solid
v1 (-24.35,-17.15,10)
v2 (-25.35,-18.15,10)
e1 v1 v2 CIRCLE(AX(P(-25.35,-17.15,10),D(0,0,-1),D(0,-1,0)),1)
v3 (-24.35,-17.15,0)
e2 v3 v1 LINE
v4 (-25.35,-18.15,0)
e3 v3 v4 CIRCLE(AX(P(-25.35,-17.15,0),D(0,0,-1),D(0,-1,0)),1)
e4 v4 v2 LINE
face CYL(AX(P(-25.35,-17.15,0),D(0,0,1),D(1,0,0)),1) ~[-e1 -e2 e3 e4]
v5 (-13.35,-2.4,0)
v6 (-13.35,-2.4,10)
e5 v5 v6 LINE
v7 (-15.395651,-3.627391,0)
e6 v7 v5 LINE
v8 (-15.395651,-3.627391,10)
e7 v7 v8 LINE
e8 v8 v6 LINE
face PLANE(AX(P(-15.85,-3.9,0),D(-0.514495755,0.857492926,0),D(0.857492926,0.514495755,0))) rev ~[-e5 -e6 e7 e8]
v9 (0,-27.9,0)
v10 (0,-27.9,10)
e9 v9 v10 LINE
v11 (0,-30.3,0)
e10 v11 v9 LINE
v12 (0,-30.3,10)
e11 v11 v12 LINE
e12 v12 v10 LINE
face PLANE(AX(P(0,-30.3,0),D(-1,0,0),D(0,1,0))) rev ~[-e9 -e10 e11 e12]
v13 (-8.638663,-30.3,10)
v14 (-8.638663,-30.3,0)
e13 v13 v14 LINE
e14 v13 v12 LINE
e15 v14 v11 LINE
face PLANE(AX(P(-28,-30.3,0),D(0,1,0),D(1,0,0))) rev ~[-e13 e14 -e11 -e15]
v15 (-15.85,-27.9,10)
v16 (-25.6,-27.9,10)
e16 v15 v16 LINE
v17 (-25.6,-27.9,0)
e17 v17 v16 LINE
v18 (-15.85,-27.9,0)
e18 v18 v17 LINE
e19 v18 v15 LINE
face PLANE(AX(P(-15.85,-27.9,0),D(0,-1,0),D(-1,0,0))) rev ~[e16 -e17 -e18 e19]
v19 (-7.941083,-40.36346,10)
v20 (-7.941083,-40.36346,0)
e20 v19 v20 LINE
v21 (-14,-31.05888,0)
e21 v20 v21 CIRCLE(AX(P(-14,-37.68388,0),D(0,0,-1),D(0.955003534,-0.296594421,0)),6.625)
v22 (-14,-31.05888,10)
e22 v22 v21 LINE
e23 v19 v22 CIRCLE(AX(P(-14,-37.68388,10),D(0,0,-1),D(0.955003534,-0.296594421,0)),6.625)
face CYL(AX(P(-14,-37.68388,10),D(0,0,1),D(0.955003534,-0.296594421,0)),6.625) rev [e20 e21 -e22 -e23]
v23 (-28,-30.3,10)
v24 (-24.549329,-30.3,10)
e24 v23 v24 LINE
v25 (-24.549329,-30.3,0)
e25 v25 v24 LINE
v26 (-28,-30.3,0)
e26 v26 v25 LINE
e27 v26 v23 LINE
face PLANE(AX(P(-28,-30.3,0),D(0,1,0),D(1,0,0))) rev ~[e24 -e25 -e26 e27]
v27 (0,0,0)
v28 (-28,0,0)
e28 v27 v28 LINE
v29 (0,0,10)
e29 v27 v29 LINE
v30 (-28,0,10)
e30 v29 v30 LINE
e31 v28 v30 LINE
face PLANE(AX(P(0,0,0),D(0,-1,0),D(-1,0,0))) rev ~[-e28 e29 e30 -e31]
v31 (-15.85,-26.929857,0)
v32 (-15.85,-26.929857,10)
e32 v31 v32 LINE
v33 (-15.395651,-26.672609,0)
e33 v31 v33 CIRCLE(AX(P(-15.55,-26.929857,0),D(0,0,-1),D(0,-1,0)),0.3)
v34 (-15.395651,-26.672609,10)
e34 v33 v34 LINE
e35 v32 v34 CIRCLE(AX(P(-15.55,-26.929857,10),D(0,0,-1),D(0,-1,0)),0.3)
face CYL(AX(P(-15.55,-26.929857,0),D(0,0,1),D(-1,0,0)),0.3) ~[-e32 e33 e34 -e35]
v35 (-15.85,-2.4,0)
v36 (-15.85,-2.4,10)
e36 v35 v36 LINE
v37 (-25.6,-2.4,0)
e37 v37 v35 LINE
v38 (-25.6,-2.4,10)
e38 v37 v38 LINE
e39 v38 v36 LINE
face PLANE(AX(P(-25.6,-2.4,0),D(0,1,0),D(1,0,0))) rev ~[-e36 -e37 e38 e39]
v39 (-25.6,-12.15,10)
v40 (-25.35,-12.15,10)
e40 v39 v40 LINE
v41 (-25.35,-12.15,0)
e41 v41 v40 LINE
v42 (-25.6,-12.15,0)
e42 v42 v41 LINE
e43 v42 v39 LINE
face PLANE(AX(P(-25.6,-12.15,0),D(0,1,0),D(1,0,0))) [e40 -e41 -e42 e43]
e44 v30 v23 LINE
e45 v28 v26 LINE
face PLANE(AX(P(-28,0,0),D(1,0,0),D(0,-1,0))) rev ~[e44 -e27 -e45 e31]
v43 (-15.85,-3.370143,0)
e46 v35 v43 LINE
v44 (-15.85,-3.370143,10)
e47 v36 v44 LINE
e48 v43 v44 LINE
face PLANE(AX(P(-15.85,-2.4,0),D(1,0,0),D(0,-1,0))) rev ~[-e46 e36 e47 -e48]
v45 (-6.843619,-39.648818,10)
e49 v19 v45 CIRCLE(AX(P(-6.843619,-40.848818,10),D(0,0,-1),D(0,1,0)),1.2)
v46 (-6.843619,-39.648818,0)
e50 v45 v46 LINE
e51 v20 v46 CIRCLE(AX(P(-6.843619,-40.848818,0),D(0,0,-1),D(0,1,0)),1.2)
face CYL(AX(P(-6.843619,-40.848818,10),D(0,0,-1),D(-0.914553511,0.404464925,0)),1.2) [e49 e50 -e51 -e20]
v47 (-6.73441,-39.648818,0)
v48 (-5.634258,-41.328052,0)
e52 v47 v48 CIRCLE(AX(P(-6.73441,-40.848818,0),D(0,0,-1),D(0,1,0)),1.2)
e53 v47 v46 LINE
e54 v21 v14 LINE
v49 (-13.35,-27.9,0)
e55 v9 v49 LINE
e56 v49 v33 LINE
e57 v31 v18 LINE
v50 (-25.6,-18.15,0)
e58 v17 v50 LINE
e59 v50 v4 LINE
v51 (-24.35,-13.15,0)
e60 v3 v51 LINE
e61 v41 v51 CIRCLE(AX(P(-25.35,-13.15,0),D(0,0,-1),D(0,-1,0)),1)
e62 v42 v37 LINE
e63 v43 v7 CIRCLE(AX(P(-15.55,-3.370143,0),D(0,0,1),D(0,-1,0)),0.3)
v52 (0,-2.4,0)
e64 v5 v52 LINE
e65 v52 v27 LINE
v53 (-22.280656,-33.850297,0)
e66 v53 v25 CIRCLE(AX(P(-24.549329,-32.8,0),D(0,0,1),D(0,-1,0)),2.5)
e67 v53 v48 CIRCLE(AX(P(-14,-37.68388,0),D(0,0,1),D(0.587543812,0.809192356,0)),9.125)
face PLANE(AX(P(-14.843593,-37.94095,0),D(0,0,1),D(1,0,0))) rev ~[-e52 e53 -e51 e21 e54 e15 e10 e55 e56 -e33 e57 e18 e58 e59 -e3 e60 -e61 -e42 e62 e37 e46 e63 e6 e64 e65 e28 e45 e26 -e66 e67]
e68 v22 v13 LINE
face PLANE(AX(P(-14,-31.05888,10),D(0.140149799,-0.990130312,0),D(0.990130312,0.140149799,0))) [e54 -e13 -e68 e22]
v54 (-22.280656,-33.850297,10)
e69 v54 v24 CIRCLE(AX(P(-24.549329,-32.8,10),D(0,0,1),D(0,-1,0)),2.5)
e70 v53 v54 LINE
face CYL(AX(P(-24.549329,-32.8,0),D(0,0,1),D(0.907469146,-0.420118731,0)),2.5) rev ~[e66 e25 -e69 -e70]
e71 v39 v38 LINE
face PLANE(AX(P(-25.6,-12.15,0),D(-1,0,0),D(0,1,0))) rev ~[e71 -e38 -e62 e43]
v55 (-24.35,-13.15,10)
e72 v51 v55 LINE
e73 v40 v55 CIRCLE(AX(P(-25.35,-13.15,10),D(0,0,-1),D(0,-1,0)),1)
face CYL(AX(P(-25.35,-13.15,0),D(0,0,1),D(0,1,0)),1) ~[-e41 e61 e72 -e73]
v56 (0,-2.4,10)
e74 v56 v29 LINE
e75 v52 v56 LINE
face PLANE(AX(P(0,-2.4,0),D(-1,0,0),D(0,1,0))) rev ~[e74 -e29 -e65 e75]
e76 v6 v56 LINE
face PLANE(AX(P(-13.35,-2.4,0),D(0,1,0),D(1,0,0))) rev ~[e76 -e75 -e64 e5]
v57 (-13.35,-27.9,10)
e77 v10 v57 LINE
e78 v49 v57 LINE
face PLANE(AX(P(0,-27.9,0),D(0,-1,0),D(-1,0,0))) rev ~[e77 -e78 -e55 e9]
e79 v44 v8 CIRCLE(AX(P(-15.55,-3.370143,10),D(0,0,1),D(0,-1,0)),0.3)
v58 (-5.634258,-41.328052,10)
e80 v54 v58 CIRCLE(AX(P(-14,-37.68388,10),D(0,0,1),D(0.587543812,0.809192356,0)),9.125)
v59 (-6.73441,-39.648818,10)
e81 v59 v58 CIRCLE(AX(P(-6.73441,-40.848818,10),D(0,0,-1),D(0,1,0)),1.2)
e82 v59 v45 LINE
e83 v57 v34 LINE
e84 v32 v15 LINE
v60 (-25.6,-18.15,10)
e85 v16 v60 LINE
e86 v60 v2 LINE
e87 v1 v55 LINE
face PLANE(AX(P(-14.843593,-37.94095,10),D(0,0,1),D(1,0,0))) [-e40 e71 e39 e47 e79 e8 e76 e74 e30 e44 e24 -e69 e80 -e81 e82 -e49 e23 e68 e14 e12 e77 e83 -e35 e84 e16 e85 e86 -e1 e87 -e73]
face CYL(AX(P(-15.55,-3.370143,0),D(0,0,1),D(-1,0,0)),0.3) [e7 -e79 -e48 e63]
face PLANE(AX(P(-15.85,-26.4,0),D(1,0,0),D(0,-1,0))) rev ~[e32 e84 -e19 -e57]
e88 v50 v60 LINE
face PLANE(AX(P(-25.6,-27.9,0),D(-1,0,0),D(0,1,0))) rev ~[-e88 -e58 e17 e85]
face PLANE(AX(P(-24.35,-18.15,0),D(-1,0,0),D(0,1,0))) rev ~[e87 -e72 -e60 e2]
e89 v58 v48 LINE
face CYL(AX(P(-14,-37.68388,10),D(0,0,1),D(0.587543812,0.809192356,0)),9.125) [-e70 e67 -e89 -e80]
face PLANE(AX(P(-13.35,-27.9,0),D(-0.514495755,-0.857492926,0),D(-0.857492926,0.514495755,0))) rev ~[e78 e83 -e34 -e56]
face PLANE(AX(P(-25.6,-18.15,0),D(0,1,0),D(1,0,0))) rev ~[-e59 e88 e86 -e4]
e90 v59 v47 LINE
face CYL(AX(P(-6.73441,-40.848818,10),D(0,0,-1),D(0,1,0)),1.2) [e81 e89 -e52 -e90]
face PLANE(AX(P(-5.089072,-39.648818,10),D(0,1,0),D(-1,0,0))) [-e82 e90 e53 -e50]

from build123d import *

# Parameters (mm, degrees)
F0_W     = 1.25
F0_H     = 6
F1_DEPTH = 10
F3_DEPTH = 10
F4_R     = 1.2
F5_R     = 2.5
F6_R     = 1
F7_R     = 0.3


with BuildPart() as f1:
    # F0 (on Top) → F1 (new body)
    with BuildSketch(Plane.XY):
        Polygon((0, -2.4), (0, 0), (-28, 0), (-28, -30.3), (0, -30.3), (0, -27.9), (-13.35, -27.9), (-15.85, -27.9), (-25.6, -27.9), (-25.6, -18.15), (-25.6, -12.15), (-25.6, -2.4), (-15.85, -2.4), (-13.35, -2.4), align=None)
        Polygon((-15.85, -3.9), (-13.35, -2.4), (-15.85, -2.4), align=None)
        Polygon((-15.85, -27.9), (-13.35, -27.9), (-15.85, -26.4), align=None)
        with Locations((-24.975, -15.15)):
            Rectangle(F0_W, F0_H)
    extrude(amount=F1_DEPTH)

    # F2 (on face) → F3 (join)
    with BuildSketch(Plane.XY.offset(10)):
        with BuildLine():
            ThreePointArc((-7.6731015896, -39.6488182922), (-19.3342450038, -41.6128057076), (-14, -31.0588802515))
            Line((-14, -31.0588802515), (-8.6386627198, -30.3))
            ThreePointArc((-8.6386627198, -30.3), (-22.5307966917, -40.9228820738), (-5.0890716816, -39.6488182922))
            Line((-5.0890716816, -39.6488182922), (-7.6731015896, -39.6488182922))
        make_face()
    extrude(amount=-F3_DEPTH)

    # F4
    f4_edges = [f1.edges().sort_by_distance(p)[0] for p in [
        (-7.673102, -39.648818, 5),
        (-5.089072, -39.648818, 5),
    ]]
    fillet(f4_edges, radius=F4_R)

    # F5
    f5_edges = [f1.edges().sort_by_distance(p)[0] for p in [
        (-19.361337, -30.3, 5),
    ]]
    fillet(f5_edges, radius=F5_R)

    # F6
    f6_edges = [f1.edges().sort_by_distance(p)[0] for p in [
        (-24.35, -12.15, 5),
        (-24.35, -18.15, 5),
    ]]
    fillet(f6_edges, radius=F6_R)

    # F7
    f7_edges = [f1.edges().sort_by_distance(p)[0] for p in [
        (-15.85, -3.9, 5),
        (-15.85, -26.4, 5),
    ]]
    fillet(f7_edges, radius=F7_R)


solid = f1.part
